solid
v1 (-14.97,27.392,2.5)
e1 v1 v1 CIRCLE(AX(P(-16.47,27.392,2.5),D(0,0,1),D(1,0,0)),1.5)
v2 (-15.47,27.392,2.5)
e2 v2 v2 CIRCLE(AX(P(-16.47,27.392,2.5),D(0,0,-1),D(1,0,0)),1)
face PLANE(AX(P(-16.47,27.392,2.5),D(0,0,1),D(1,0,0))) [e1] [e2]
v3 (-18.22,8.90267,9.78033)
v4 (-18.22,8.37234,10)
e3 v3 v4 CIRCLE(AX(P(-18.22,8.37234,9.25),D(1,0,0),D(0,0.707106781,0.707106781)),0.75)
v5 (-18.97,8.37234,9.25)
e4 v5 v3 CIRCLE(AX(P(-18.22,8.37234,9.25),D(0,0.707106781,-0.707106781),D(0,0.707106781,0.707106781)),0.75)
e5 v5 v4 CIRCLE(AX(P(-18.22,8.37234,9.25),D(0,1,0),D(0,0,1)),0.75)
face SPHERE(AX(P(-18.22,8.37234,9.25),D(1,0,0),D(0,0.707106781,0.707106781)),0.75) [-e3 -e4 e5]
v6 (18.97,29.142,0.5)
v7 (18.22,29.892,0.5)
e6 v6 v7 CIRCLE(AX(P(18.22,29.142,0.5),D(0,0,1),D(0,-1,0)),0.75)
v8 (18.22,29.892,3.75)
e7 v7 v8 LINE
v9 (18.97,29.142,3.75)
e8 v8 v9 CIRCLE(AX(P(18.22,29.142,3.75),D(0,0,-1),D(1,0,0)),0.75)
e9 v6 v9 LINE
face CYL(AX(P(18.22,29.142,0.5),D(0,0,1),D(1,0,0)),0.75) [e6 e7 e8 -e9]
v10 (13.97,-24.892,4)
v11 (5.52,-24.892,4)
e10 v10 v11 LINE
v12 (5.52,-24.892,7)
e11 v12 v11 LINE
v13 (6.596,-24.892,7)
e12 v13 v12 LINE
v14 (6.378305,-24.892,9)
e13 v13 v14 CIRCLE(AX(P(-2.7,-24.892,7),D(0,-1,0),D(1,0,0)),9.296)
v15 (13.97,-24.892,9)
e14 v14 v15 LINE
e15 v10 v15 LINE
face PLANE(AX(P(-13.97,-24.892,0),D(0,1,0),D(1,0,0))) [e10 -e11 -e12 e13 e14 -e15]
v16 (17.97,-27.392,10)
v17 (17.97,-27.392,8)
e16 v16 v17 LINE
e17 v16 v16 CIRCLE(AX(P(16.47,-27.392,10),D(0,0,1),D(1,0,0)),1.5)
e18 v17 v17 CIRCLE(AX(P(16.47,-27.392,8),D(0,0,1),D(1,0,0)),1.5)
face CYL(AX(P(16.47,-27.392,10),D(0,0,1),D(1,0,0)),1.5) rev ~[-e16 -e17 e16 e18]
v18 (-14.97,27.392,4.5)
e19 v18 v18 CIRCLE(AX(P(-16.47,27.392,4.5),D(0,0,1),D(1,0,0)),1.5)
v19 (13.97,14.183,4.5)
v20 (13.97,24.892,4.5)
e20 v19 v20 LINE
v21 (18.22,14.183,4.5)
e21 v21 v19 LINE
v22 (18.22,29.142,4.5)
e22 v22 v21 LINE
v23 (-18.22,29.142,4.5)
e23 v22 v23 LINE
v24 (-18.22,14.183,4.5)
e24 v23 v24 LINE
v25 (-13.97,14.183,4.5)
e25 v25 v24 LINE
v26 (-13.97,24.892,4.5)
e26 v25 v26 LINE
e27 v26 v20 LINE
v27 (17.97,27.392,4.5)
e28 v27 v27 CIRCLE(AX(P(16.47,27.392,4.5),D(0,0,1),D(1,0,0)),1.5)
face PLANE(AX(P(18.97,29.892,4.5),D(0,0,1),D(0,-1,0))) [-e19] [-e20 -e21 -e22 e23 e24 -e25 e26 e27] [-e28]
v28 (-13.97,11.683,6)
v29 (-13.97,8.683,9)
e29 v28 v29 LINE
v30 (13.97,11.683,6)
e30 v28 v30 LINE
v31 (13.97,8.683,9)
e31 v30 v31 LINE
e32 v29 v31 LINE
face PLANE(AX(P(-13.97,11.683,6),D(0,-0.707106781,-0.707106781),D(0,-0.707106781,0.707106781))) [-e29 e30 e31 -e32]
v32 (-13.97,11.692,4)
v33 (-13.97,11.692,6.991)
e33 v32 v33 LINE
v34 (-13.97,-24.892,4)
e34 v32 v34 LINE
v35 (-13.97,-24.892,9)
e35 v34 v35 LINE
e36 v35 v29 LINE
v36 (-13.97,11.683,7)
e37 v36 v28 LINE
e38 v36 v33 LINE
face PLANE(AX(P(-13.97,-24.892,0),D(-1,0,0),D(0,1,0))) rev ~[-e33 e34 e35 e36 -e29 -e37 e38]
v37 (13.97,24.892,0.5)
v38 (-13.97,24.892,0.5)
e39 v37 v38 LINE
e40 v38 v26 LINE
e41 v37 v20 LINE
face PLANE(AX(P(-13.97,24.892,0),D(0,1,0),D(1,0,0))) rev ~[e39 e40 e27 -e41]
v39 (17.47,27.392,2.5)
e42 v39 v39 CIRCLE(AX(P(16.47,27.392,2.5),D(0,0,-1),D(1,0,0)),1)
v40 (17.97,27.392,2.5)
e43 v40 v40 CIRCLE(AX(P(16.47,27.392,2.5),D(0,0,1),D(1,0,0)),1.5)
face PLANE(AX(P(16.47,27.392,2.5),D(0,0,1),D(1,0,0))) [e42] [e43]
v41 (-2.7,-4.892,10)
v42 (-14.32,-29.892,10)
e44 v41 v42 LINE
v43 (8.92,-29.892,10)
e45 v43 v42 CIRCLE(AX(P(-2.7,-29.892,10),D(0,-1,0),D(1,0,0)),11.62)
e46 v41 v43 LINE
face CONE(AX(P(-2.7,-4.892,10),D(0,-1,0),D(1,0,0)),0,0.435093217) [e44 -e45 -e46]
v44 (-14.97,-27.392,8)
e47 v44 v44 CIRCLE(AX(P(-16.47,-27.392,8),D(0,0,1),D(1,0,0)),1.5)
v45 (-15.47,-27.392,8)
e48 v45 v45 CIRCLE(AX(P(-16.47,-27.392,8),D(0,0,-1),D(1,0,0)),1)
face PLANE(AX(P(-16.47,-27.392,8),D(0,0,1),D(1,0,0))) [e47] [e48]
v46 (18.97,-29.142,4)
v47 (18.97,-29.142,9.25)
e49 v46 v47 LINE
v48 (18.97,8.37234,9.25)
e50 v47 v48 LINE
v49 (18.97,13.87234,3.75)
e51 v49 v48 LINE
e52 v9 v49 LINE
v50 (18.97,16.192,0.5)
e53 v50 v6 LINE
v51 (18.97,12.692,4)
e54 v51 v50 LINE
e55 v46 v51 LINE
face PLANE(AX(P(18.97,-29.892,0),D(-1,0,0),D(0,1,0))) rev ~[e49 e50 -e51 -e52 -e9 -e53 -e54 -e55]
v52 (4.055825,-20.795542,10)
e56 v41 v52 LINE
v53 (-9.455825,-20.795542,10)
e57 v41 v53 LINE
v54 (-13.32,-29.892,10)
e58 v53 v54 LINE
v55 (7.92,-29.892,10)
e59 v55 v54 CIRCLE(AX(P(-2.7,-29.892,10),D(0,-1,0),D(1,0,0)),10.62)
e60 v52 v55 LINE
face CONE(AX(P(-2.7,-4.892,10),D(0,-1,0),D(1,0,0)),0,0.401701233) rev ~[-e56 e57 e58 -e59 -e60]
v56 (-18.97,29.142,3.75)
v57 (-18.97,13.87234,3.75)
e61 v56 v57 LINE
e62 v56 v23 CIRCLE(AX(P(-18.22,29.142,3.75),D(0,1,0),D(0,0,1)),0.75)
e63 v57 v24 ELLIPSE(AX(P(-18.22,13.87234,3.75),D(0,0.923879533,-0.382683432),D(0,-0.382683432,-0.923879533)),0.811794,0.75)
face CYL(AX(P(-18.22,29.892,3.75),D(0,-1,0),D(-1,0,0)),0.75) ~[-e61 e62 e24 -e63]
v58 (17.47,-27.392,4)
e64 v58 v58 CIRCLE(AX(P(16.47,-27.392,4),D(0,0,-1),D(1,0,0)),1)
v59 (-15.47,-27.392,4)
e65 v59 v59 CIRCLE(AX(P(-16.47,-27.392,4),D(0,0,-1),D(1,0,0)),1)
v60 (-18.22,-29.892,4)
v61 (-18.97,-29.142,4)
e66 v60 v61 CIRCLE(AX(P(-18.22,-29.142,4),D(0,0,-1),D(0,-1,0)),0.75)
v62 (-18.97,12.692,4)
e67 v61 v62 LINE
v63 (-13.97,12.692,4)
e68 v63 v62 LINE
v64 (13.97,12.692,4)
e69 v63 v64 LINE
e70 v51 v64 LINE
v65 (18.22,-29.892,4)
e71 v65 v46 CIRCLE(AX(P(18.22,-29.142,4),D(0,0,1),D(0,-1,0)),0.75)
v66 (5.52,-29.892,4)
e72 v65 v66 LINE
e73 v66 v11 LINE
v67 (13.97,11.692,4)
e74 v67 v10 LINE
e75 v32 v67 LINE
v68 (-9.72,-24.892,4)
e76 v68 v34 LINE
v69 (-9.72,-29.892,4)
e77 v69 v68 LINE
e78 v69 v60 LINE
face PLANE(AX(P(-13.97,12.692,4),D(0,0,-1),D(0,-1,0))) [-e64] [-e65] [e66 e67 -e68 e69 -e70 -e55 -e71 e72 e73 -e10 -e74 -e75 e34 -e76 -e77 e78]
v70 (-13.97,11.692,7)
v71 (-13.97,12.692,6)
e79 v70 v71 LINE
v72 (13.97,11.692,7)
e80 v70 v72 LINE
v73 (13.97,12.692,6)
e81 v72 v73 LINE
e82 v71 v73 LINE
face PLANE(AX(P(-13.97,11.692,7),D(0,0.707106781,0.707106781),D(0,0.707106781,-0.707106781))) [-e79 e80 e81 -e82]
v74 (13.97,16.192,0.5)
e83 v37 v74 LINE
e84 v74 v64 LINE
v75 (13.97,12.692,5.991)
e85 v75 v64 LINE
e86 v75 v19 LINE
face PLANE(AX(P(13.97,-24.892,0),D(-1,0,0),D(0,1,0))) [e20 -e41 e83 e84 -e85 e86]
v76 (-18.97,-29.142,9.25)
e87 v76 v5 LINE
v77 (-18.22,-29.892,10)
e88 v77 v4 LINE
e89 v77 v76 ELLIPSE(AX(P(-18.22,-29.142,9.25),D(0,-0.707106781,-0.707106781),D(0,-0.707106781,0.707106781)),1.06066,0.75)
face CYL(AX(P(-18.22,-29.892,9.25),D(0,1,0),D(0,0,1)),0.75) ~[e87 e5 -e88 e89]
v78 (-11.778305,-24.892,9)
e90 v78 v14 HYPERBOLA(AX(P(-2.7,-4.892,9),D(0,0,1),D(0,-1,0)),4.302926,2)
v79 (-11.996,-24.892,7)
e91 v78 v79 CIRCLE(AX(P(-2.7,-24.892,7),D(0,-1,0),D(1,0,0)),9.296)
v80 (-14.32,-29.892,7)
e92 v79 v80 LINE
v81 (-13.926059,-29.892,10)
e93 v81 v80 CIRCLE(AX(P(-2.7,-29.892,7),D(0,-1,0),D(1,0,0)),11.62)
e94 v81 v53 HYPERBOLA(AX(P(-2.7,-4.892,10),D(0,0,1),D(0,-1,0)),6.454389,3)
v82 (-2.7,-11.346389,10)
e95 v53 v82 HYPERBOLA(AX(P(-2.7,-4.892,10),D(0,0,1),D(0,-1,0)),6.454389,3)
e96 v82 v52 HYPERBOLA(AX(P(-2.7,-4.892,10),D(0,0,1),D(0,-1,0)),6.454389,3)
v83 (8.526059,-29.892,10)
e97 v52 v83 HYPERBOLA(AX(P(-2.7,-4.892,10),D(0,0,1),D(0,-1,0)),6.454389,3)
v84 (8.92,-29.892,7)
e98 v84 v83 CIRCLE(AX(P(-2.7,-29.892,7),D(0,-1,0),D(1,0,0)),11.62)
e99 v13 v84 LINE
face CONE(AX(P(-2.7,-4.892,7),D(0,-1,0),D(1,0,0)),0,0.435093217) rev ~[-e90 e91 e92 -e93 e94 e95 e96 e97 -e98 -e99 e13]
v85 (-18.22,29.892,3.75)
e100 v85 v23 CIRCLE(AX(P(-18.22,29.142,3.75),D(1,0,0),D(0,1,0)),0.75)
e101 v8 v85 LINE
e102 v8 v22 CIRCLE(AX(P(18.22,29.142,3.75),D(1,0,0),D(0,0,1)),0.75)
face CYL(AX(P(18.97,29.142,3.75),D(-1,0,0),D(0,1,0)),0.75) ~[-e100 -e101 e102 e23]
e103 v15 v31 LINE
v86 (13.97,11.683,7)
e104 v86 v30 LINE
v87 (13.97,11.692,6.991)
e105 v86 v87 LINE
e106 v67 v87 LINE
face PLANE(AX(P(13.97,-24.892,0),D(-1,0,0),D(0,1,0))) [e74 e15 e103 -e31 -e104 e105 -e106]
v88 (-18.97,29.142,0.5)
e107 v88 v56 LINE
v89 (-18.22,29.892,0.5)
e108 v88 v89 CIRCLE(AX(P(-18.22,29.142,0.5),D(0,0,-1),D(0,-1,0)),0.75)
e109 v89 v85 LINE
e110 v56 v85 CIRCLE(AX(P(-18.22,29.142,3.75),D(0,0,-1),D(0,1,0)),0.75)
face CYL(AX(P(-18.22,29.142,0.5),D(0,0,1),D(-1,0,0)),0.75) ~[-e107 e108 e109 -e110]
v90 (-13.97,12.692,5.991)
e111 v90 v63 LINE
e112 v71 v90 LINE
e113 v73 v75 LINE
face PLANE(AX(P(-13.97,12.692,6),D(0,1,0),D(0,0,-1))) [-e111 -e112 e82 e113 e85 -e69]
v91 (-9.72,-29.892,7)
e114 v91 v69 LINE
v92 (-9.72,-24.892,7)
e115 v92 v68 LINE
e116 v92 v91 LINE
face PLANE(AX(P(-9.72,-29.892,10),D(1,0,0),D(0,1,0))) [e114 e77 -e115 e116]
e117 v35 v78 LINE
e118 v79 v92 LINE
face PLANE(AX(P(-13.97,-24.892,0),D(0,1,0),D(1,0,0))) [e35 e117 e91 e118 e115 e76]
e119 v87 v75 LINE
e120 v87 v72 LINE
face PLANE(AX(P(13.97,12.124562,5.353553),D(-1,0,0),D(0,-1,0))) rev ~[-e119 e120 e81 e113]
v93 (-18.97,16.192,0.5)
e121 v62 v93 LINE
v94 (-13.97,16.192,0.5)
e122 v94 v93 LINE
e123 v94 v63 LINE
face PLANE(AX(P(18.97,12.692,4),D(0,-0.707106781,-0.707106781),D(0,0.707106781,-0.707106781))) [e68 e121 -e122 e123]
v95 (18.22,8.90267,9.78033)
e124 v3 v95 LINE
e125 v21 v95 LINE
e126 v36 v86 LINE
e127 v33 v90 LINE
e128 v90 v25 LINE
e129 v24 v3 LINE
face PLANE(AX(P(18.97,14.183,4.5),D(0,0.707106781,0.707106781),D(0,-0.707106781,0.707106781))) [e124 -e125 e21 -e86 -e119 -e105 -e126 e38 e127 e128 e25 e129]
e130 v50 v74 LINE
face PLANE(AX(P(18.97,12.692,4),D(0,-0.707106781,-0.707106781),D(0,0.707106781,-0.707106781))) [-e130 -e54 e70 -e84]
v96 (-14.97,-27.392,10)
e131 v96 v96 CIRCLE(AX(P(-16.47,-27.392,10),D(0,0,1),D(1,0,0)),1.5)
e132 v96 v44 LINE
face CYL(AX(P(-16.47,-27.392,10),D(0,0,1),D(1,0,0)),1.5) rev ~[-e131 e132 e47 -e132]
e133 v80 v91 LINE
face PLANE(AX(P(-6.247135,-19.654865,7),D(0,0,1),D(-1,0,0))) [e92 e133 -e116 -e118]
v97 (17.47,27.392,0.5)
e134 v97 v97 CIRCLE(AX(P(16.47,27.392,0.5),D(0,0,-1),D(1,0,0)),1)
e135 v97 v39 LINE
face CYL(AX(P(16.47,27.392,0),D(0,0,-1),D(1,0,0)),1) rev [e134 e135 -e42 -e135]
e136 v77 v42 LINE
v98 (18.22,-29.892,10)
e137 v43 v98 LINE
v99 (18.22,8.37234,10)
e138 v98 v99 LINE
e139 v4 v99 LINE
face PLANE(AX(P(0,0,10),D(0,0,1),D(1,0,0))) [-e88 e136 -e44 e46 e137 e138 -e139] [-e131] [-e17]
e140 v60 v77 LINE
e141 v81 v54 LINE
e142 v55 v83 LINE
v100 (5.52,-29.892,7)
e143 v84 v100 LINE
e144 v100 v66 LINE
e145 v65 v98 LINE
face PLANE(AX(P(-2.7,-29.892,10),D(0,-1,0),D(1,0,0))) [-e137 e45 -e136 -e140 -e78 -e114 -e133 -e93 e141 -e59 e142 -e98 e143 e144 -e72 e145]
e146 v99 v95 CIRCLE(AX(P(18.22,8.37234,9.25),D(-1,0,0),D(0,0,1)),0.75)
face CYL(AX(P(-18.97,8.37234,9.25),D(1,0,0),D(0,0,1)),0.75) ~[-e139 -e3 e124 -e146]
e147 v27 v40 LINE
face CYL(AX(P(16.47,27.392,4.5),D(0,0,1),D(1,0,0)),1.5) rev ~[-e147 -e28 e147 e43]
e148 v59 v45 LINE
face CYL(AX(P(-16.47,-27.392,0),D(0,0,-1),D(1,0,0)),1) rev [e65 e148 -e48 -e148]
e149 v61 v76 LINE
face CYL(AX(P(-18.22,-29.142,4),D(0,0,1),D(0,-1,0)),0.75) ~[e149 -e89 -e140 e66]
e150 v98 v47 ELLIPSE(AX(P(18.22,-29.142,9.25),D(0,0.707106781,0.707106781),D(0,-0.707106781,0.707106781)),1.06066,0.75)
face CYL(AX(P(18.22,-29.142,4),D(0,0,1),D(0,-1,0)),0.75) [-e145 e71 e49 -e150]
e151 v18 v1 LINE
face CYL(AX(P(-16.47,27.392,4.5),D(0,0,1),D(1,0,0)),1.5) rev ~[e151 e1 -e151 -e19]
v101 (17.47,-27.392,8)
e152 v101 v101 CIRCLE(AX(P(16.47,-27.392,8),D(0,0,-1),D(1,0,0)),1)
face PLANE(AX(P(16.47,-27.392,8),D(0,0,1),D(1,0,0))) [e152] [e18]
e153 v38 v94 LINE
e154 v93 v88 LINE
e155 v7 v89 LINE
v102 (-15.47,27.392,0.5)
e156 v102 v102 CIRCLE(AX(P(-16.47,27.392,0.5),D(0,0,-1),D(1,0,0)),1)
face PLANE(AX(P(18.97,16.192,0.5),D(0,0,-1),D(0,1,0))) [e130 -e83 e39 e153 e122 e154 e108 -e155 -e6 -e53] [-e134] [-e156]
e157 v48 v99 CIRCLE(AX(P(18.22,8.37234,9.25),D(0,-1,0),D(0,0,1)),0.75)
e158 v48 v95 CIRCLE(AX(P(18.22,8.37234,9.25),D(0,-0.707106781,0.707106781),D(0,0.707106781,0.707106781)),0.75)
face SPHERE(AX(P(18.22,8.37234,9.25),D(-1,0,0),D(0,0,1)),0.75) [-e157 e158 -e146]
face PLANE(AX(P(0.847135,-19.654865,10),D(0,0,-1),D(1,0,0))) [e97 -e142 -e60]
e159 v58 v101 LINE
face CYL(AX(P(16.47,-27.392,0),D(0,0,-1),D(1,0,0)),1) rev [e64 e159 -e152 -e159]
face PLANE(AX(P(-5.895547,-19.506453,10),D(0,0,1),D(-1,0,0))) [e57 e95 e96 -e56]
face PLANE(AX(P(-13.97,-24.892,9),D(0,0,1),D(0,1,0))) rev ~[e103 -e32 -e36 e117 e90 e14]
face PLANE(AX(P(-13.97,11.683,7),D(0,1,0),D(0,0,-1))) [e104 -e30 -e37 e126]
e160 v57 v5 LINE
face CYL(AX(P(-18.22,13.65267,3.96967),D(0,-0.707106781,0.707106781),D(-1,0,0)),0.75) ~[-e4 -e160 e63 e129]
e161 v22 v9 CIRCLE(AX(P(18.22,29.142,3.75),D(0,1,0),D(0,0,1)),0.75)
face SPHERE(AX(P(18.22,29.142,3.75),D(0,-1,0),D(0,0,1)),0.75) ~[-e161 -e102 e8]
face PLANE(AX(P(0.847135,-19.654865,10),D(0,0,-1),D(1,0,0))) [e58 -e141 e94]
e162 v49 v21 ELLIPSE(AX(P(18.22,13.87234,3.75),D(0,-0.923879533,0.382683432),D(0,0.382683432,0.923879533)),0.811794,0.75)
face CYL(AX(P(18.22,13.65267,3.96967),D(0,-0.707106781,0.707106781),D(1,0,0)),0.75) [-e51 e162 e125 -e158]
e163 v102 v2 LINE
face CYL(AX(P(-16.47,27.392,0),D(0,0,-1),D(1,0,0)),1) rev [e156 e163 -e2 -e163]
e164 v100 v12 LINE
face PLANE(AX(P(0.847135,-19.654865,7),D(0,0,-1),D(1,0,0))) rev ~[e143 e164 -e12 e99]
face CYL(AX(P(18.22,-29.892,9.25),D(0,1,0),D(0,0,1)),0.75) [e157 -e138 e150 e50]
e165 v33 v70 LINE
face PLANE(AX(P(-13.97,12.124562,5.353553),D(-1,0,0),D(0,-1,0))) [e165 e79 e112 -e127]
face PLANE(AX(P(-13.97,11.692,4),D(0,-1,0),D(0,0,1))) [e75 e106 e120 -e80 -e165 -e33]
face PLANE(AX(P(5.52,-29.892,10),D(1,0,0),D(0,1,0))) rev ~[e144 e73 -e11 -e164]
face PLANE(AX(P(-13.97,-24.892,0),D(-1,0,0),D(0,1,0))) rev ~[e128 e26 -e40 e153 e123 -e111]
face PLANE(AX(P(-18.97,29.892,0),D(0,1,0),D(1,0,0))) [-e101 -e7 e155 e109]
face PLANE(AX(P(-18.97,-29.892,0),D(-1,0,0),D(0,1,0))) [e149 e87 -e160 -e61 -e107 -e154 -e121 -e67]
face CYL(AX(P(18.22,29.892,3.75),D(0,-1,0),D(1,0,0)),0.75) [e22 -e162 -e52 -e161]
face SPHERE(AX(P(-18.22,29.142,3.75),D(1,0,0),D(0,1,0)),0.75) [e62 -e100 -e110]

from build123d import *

# Parameters (mm, degrees)
SKETCH002_W     = 37.94
SKETCH002_H     = 59.784
SKETCH002_R     = 1
SKETCH002_W_2   = 27.94
SKETCH002_H_2   = 49.784
PAD_DEPTH       = 10
POCKET_DEPTH    = 37.94
POCKET001_DEPTH = 37.94
PAD001_DEPTH    = 27.94
SKETCH005_W     = 33.575
SKETCH005_H     = 1
PAD002_DEPTH    = 27.94
SKETCH006_R     = 1.5
POCKET002_DEPTH = 2
SKETCH007_R     = 1.5
POCKET003_DEPTH = 2
SKETCH008_W     = 15.24
SKETCH008_H     = 5
POCKET004_DEPTH = 6
CONE_ANGLE      = 180
CONE001_ANGLE   = 180
CONE002_ANGLE   = 180
FILLET_R        = 0.75


with BuildPart() as part:
    # Sketch002 → Pad (new body)
    with BuildSketch(Plane.XY):
        Rectangle(SKETCH002_W, SKETCH002_H)
        with Locations((-16.47, 27.392)):
            Circle(SKETCH002_R, mode=Mode.SUBTRACT)
        with Locations((16.47, 27.392)):
            Circle(SKETCH002_R, mode=Mode.SUBTRACT)
        with Locations((-16.47, -27.392)):
            Circle(SKETCH002_R, mode=Mode.SUBTRACT)
        with Locations((16.47, -27.392)):
            Circle(SKETCH002_R, mode=Mode.SUBTRACT)
        Rectangle(SKETCH002_W_2, SKETCH002_H_2, mode=Mode.SUBTRACT)
    extrude(amount=PAD_DEPTH)

    # Sketch (on Face2 of Pad) → Pocket (cut)
    with BuildSketch(Plane.YZ.offset(18.97)):
        Polygon((8.683, 10), (29.892, 10), (29.892, 4.5), (14.183, 4.5), align=None)
        Polygon((-29.892, 4), (12.692, 4), (16.692, 0), (-29.892, 0), align=None)
    extrude(amount=-POCKET_DEPTH, mode=Mode.SUBTRACT)

    # Sketch003 (on Face3 of Pocket) → Pocket001 (cut)
    with BuildSketch(Plane.YZ.offset(18.97)):
        Polygon((16.192, 0.5), (29.892, 0.5), (29.892, 0), (16.692, 0), align=None)
    extrude(amount=-POCKET001_DEPTH, mode=Mode.SUBTRACT)

    # Sketch004 (on Face7 of Pocket001) → Pad001 (join)
    with BuildSketch(Plane.YZ.offset(-13.97)):
        Polygon((11.692, 7), (12.692, 6), (12.692, 4), (11.692, 4), align=None)
        Polygon((8.683, 10), (11.683, 7), (11.683, 6), (8.683, 9), align=None)
    extrude(amount=PAD001_DEPTH)

    # Sketch005 (on Face22 of Pad001) → Pad002 (join)
    with BuildSketch(Plane.YZ.offset(-13.97)):
        with Locations((-8.1045, 9.5)):
            Rectangle(SKETCH005_W, SKETCH005_H)
    extrude(amount=PAD002_DEPTH)

    # Sketch006 (on Face15 of Pad002) → Pocket002 (cut)
    with BuildSketch(Plane.XY.offset(10)):
        with Locations((-16.47, -27.392)):
            Circle(SKETCH006_R)
        with Locations((16.47, -27.392)):
            Circle(SKETCH006_R)
    extrude(amount=-POCKET002_DEPTH, mode=Mode.SUBTRACT)

    # Sketch007 (on Face4 of Pocket002) → Pocket003 (cut)
    with BuildSketch(Plane.XY.offset(4.5)):
        with Locations((-16.47, 27.392)):
            Circle(SKETCH007_R)
        with Locations((16.47, 27.392)):
            Circle(SKETCH007_R)
    extrude(amount=-POCKET003_DEPTH, mode=Mode.SUBTRACT)

    # Sketch008 (on Face15 of Pocket003) → Pocket004 (cut)
    with BuildSketch(Plane.XY.offset(10)):
        with Locations((-2.1, -27.392)):
            Rectangle(SKETCH008_W, SKETCH008_H)
    extrude(amount=-POCKET004_DEPTH, mode=Mode.SUBTRACT)

    # Cone → Cone (revolve, cut)
    with BuildSketch(Plane(origin=(-2.7, -4.892, 7), x_dir=(1, 0, 0), z_dir=(0, 0, -1))):
        Polygon((0, 0), (11.62, 25), (0, 25), align=None)
    revolve(axis=Axis((-2.7, -4.892, 7), (0, -1, 0)), revolution_arc=CONE_ANGLE, mode=Mode.SUBTRACT)

    # Cone001 → Cone001 (revolve)
    with BuildSketch(Plane(origin=(-2.7, -4.892, 10), x_dir=(1, 0, 0), z_dir=(0, 0, -1))):
        Polygon((0, 0), (11.62, 25), (0, 25), align=None)
    revolve(axis=Axis((-2.7, -4.892, 10), (0, -1, 0)), revolution_arc=CONE001_ANGLE)

    # Cone002 → Cone002 (revolve, cut)
    with BuildSketch(Plane(origin=(-2.7, -4.892, 10), x_dir=(1, 0, 0), z_dir=(0, 0, -1))):
        Polygon((0, 0), (10.62, 25), (0, 25), align=None)
    revolve(axis=Axis((-2.7, -4.892, 10), (0, -1, 0)), revolution_arc=CONE002_ANGLE, mode=Mode.SUBTRACT)

    # Fillet
    fillet_edges = [part.edges().sort_by_distance(p)[0] for p in [
        (-18.97, -29.892, 7),
        (18.97, -29.892, 7),
        (18.97, -10.6045, 10),
        (18.97, 11.433, 7.25),
        (18.97, 22.0375, 4.5),
        (0, 29.892, 4.5),
        (-18.97, 29.892, 2.5),
        (-18.97, 22.0375, 4.5),
        (18.97, 29.892, 2.5),
        (-18.97, 11.433, 7.25),
        (-18.97, -10.6045, 10),
        (-16.47, 8.683, 10),
        (0, 8.683, 10),
        (16.47, 8.683, 10),
    ]]
    fillet(fillet_edges, radius=FILLET_R)


solid = part.part
